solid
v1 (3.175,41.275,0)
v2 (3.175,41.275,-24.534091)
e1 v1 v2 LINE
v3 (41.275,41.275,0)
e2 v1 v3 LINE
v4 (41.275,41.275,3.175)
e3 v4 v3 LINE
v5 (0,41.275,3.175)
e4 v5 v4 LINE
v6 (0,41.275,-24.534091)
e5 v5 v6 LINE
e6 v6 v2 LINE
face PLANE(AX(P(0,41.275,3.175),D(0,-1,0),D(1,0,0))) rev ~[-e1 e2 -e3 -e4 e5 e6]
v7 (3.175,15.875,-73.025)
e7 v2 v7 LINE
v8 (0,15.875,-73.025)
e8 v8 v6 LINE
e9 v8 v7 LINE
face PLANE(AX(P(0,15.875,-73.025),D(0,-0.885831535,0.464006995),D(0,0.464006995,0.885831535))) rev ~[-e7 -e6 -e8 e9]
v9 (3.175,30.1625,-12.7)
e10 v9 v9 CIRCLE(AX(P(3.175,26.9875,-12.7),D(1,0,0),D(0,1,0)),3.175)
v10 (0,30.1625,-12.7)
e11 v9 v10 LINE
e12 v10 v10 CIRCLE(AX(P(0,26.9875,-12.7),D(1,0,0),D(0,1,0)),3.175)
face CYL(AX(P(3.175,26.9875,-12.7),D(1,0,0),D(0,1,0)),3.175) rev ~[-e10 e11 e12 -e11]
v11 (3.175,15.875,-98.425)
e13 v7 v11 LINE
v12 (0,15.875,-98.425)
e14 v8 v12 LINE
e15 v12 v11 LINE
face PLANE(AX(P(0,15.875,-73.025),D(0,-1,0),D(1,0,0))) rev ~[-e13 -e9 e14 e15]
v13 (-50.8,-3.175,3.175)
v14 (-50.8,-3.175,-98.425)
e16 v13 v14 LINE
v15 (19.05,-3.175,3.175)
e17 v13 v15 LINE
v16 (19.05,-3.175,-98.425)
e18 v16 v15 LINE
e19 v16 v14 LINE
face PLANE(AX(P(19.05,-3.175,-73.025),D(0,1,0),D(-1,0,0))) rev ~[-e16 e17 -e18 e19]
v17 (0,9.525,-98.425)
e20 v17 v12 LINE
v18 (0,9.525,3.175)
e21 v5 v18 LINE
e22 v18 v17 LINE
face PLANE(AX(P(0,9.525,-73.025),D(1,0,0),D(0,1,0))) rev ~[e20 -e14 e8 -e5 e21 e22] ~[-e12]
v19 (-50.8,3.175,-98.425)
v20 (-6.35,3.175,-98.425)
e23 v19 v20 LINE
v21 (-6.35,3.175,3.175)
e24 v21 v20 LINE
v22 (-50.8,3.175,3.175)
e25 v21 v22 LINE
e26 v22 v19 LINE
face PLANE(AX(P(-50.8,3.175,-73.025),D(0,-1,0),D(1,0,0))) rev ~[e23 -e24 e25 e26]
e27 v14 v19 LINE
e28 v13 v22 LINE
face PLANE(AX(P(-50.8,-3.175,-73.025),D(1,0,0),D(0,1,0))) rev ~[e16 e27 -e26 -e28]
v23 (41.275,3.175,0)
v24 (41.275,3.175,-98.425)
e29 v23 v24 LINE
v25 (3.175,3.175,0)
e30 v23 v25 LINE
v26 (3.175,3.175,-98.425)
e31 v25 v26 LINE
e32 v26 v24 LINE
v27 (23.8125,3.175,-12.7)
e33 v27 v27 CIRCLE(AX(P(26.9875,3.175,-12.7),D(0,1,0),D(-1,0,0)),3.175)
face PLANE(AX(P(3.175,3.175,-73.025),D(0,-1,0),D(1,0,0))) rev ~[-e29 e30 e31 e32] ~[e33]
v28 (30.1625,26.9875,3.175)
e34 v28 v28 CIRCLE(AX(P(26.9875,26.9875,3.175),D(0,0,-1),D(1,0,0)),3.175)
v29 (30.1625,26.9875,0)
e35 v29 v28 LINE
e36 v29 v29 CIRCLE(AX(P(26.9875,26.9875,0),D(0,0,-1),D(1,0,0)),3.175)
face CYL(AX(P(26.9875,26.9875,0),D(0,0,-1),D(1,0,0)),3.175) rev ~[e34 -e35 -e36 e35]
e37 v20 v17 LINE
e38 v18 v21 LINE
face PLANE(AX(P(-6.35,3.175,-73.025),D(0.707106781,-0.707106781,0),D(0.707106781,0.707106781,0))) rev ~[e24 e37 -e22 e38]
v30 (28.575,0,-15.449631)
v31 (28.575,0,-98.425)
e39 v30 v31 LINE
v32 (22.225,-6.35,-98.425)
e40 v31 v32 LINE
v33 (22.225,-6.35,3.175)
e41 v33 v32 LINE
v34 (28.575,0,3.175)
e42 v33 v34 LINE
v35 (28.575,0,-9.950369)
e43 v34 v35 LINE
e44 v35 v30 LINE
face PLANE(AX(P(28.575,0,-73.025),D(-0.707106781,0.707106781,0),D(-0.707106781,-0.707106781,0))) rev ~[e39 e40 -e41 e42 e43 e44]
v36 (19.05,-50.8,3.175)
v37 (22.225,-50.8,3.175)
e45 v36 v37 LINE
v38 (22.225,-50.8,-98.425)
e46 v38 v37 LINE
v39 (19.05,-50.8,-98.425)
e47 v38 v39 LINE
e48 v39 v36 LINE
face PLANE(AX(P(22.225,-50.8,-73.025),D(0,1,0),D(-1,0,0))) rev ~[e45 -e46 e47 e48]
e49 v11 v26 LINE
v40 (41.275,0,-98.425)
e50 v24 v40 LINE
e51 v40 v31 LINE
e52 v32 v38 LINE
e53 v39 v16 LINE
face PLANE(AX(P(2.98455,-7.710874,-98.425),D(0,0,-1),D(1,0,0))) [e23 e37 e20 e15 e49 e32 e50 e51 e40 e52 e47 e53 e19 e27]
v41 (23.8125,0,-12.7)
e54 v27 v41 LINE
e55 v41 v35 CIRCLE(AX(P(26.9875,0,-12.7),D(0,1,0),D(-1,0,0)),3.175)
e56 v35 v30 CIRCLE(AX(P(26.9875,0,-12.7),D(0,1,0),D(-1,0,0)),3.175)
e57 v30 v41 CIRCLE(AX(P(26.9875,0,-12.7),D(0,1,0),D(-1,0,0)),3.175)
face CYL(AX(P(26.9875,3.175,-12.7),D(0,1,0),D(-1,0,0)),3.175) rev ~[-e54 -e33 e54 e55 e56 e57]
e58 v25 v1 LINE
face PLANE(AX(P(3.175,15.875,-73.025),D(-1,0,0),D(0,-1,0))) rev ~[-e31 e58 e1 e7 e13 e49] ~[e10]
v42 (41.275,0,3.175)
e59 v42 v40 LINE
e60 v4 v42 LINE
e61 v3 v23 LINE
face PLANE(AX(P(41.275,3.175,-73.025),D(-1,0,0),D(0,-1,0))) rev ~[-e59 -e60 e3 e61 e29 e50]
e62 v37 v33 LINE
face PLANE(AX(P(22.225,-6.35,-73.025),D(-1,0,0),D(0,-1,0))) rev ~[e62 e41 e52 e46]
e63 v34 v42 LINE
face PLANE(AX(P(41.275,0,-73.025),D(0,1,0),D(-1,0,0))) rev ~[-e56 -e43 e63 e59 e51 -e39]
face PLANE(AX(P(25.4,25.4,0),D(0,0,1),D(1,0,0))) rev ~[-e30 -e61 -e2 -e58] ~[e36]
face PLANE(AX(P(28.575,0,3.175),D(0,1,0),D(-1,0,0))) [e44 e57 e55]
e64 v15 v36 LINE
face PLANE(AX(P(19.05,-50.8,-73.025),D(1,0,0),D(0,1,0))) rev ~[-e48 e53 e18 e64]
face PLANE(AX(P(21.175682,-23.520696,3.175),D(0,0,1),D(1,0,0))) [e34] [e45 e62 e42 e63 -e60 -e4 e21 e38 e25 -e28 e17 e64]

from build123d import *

# Parameters (mm, degrees)
F0_W          = 50.8
F0_H          = 50.8
F1_DEPTH      = 3.175
F2_W          = 50.8
F2_H          = 3.175
F3_DEPTH      = 12.7
F3_DEPTH_BACK = 76.2
F4_W          = 3.175
F4_H          = 101.6
F5_DEPTH      = 12.7
F5_DEPTH_BACK = 76.2
F7_W          = 47.625
F7_H          = 12.7
F8_DEPTH      = 25.4
F9_W          = 47.625
F9_H          = 12.7
F10_DEPTH     = 25.4
F12_DEPTH     = 25.4
F14_DEPTH     = 25.4
F16_DEPTH     = 53.976
F18_DEPTH     = 76.2
F19_R         = 3.175
F20_DEPTH     = 25.4
F21_R         = 3.175
F22_DEPTH     = 25.4
F23_R         = 3.175
F24_DEPTH     = 25.4
F26_DEPTH     = 76.201
F27_DEPTH     = 3.175
F29_DEPTH     = 76.2
F31_DEPTH     = 76.201
F32_W         = 3.175
F32_H         = 76.2
F33_DEPTH     = 12.7
F35_DEPTH     = 25.4


with BuildPart() as f1:
    # F0 (on Top) → F1 (new body)
    with BuildSketch(Plane.XY):
        with Locations((25.4, 25.4)):
            Rectangle(F0_W, F0_H)
    extrude(amount=F1_DEPTH)

    # F2 (on face) → F3 (join, two sides)
    with BuildSketch(Plane.XY.offset(3.175)) as f3_sk:
        with Locations((-25.4, 1.5875)):
            Rectangle(F2_W, F2_H)
        with Locations((25.4, 1.5875)):
            Rectangle(F2_W, F2_H)
    extrude(amount=F3_DEPTH)
    extrude(f3_sk.sketch, amount=-F3_DEPTH_BACK)

    # F4 (on face) → F5 (join, two sides)
    with BuildSketch(Plane.XY.offset(3.175)) as f5_sk:
        with Locations((1.5875, 0)):
            Rectangle(F4_W, F4_H)
    extrude(amount=F5_DEPTH)
    extrude(f5_sk.sketch, amount=-F5_DEPTH_BACK)

    # F7 (on face) → F8 (cut)
    with BuildSketch(Plane.YZ.offset(3.175)):
        with Locations((26.9875, 9.525)):
            Rectangle(F7_W, F7_H)
    extrude(amount=-F8_DEPTH, mode=Mode.SUBTRACT)

    # F9 (on face) → F10 (cut)
    with BuildSketch(Plane(origin=(0, 3.175, 0), x_dir=(-1, 0, 0), z_dir=(0, 1, 0))):
        with Locations((-26.9875, 9.525)):
            Rectangle(F9_W, F9_H)
    extrude(amount=-F10_DEPTH, mode=Mode.SUBTRACT)

    # F11 (on face) → F12 (cut)
    with BuildSketch(Plane.XZ):
        Polygon((50.8, -6.35), (41.275, -73.025), (50.8, -73.025), align=None)
    extrude(amount=-F12_DEPTH, mode=Mode.SUBTRACT)

    # F13 (on face) → F14 (cut)
    with BuildSketch(Plane(origin=(0, 0, 0), x_dir=(0, -1, 0), z_dir=(-1, 0, 0))):
        Polygon((-15.875, -73.025), (-50.8, -6.35), (-50.8, -73.025), align=None)
    extrude(amount=-F14_DEPTH, mode=Mode.SUBTRACT)

    # F15 (on face) → F16 (cut, through all)
    with BuildSketch(Plane(origin=(0, 3.175, 0), x_dir=(-1, 0, 0), z_dir=(0, 1, 0))):
        Polygon((50.8, 15.875), (-3.175, 15.875), (-3.175, 3.175), (0, 3.175), (50.8, 3.175), align=None)
    extrude(amount=-F16_DEPTH, mode=Mode.SUBTRACT)

    # F17 (on face) → F18 (join, through all)
    with BuildSketch(Plane.XY.offset(3.175)):
        Polygon((9.525, 0), (3.175, 0), (3.175, -6.35), align=None)
        Polygon((-6.35, 3.175), (0, 3.175), (0, 9.525), align=None)
    extrude(amount=-F18_DEPTH)

    # F19 (on face) → F20 (cut)
    with BuildSketch(Plane(origin=(0, 3.175, 0), x_dir=(-1, 0, 0), z_dir=(0, 1, 0))):
        with Locations((-26.9875, -12.7)):
            Circle(F19_R)
    extrude(amount=-F20_DEPTH, mode=Mode.SUBTRACT)

    # F21 (on face) → F22 (cut)
    with BuildSketch(Plane.YZ.offset(3.175)):
        with Locations((26.9875, -12.7)):
            Circle(F21_R)
    extrude(amount=-F22_DEPTH, mode=Mode.SUBTRACT)

    # F23 (on face) → F24 (cut)
    with BuildSketch(Plane(origin=(0, 0, 0), x_dir=(1, 0, 0), z_dir=(0, 0, -1))):
        with Locations((26.9875, -26.9875)):
            Circle(F23_R)
    extrude(amount=-F24_DEPTH, mode=Mode.SUBTRACT)

    # F25 (on face) → F26 (cut, through all)
    with BuildSketch(Plane.XY.offset(3.175)):
        Polygon((41.275, 0), (50.8, 0), (50.8, 50.8), (41.275, 50.8), (0, 50.8), (0, 41.275), (41.275, 41.275), align=None)
    extrude(amount=-F26_DEPTH, mode=Mode.SUBTRACT)

    # F27 (add): a face of the model
    f27_faces = [f1.faces().sort_by_distance(p)[0] for p in [
        (-25.4, 0, -34.925),
    ]]
    extrude(f27_faces, amount=F27_DEPTH)

    # F28 (on face) → F29 (join, through all)
    with BuildSketch(Plane.XY.offset(3.175)):
        Polygon((28.575, 0), (22.225, 0), (19.05, 0), (19.05, -50.8), (22.225, -50.8), (22.225, -6.35), align=None)
    extrude(amount=-F29_DEPTH)

    # F30 (on face) → F31 (cut, through all)
    with BuildSketch(Plane.XY.offset(3.175)):
        Polygon((0, -50.8), (3.175, -50.8), (3.175, -6.35), (6.35, -3.175), (0, -3.175), align=None)
    extrude(amount=-F31_DEPTH, mode=Mode.SUBTRACT)

    # F32 (on face) → F33 (join, through all)
    with BuildSketch(Plane(origin=(19.05, 0, 0), x_dir=(0, -1, 0), z_dir=(-1, 0, 0))):
        with Locations((1.5875, -34.925)):
            Rectangle(F32_W, F32_H)
    extrude(amount=F33_DEPTH)

    # F34 (on face) → F35 (join)
    with BuildSketch(Plane(origin=(0, 0, -73.025), x_dir=(1, 0, 0), z_dir=(0, 0, -1))):
        Polygon((19.05, 3.175), (6.35, 3.175), (-50.8, 3.175), (-50.8, -3.175), (-6.35, -3.175), (0, -9.525), (0, -15.875), (3.175, -15.875), (3.175, -3.175), (41.275, -3.175), (41.275, 0), (28.575, 0), (22.225, 6.35), (22.225, 50.8), (19.05, 50.8), align=None)
    extrude(amount=F35_DEPTH)


solid = f1.part
